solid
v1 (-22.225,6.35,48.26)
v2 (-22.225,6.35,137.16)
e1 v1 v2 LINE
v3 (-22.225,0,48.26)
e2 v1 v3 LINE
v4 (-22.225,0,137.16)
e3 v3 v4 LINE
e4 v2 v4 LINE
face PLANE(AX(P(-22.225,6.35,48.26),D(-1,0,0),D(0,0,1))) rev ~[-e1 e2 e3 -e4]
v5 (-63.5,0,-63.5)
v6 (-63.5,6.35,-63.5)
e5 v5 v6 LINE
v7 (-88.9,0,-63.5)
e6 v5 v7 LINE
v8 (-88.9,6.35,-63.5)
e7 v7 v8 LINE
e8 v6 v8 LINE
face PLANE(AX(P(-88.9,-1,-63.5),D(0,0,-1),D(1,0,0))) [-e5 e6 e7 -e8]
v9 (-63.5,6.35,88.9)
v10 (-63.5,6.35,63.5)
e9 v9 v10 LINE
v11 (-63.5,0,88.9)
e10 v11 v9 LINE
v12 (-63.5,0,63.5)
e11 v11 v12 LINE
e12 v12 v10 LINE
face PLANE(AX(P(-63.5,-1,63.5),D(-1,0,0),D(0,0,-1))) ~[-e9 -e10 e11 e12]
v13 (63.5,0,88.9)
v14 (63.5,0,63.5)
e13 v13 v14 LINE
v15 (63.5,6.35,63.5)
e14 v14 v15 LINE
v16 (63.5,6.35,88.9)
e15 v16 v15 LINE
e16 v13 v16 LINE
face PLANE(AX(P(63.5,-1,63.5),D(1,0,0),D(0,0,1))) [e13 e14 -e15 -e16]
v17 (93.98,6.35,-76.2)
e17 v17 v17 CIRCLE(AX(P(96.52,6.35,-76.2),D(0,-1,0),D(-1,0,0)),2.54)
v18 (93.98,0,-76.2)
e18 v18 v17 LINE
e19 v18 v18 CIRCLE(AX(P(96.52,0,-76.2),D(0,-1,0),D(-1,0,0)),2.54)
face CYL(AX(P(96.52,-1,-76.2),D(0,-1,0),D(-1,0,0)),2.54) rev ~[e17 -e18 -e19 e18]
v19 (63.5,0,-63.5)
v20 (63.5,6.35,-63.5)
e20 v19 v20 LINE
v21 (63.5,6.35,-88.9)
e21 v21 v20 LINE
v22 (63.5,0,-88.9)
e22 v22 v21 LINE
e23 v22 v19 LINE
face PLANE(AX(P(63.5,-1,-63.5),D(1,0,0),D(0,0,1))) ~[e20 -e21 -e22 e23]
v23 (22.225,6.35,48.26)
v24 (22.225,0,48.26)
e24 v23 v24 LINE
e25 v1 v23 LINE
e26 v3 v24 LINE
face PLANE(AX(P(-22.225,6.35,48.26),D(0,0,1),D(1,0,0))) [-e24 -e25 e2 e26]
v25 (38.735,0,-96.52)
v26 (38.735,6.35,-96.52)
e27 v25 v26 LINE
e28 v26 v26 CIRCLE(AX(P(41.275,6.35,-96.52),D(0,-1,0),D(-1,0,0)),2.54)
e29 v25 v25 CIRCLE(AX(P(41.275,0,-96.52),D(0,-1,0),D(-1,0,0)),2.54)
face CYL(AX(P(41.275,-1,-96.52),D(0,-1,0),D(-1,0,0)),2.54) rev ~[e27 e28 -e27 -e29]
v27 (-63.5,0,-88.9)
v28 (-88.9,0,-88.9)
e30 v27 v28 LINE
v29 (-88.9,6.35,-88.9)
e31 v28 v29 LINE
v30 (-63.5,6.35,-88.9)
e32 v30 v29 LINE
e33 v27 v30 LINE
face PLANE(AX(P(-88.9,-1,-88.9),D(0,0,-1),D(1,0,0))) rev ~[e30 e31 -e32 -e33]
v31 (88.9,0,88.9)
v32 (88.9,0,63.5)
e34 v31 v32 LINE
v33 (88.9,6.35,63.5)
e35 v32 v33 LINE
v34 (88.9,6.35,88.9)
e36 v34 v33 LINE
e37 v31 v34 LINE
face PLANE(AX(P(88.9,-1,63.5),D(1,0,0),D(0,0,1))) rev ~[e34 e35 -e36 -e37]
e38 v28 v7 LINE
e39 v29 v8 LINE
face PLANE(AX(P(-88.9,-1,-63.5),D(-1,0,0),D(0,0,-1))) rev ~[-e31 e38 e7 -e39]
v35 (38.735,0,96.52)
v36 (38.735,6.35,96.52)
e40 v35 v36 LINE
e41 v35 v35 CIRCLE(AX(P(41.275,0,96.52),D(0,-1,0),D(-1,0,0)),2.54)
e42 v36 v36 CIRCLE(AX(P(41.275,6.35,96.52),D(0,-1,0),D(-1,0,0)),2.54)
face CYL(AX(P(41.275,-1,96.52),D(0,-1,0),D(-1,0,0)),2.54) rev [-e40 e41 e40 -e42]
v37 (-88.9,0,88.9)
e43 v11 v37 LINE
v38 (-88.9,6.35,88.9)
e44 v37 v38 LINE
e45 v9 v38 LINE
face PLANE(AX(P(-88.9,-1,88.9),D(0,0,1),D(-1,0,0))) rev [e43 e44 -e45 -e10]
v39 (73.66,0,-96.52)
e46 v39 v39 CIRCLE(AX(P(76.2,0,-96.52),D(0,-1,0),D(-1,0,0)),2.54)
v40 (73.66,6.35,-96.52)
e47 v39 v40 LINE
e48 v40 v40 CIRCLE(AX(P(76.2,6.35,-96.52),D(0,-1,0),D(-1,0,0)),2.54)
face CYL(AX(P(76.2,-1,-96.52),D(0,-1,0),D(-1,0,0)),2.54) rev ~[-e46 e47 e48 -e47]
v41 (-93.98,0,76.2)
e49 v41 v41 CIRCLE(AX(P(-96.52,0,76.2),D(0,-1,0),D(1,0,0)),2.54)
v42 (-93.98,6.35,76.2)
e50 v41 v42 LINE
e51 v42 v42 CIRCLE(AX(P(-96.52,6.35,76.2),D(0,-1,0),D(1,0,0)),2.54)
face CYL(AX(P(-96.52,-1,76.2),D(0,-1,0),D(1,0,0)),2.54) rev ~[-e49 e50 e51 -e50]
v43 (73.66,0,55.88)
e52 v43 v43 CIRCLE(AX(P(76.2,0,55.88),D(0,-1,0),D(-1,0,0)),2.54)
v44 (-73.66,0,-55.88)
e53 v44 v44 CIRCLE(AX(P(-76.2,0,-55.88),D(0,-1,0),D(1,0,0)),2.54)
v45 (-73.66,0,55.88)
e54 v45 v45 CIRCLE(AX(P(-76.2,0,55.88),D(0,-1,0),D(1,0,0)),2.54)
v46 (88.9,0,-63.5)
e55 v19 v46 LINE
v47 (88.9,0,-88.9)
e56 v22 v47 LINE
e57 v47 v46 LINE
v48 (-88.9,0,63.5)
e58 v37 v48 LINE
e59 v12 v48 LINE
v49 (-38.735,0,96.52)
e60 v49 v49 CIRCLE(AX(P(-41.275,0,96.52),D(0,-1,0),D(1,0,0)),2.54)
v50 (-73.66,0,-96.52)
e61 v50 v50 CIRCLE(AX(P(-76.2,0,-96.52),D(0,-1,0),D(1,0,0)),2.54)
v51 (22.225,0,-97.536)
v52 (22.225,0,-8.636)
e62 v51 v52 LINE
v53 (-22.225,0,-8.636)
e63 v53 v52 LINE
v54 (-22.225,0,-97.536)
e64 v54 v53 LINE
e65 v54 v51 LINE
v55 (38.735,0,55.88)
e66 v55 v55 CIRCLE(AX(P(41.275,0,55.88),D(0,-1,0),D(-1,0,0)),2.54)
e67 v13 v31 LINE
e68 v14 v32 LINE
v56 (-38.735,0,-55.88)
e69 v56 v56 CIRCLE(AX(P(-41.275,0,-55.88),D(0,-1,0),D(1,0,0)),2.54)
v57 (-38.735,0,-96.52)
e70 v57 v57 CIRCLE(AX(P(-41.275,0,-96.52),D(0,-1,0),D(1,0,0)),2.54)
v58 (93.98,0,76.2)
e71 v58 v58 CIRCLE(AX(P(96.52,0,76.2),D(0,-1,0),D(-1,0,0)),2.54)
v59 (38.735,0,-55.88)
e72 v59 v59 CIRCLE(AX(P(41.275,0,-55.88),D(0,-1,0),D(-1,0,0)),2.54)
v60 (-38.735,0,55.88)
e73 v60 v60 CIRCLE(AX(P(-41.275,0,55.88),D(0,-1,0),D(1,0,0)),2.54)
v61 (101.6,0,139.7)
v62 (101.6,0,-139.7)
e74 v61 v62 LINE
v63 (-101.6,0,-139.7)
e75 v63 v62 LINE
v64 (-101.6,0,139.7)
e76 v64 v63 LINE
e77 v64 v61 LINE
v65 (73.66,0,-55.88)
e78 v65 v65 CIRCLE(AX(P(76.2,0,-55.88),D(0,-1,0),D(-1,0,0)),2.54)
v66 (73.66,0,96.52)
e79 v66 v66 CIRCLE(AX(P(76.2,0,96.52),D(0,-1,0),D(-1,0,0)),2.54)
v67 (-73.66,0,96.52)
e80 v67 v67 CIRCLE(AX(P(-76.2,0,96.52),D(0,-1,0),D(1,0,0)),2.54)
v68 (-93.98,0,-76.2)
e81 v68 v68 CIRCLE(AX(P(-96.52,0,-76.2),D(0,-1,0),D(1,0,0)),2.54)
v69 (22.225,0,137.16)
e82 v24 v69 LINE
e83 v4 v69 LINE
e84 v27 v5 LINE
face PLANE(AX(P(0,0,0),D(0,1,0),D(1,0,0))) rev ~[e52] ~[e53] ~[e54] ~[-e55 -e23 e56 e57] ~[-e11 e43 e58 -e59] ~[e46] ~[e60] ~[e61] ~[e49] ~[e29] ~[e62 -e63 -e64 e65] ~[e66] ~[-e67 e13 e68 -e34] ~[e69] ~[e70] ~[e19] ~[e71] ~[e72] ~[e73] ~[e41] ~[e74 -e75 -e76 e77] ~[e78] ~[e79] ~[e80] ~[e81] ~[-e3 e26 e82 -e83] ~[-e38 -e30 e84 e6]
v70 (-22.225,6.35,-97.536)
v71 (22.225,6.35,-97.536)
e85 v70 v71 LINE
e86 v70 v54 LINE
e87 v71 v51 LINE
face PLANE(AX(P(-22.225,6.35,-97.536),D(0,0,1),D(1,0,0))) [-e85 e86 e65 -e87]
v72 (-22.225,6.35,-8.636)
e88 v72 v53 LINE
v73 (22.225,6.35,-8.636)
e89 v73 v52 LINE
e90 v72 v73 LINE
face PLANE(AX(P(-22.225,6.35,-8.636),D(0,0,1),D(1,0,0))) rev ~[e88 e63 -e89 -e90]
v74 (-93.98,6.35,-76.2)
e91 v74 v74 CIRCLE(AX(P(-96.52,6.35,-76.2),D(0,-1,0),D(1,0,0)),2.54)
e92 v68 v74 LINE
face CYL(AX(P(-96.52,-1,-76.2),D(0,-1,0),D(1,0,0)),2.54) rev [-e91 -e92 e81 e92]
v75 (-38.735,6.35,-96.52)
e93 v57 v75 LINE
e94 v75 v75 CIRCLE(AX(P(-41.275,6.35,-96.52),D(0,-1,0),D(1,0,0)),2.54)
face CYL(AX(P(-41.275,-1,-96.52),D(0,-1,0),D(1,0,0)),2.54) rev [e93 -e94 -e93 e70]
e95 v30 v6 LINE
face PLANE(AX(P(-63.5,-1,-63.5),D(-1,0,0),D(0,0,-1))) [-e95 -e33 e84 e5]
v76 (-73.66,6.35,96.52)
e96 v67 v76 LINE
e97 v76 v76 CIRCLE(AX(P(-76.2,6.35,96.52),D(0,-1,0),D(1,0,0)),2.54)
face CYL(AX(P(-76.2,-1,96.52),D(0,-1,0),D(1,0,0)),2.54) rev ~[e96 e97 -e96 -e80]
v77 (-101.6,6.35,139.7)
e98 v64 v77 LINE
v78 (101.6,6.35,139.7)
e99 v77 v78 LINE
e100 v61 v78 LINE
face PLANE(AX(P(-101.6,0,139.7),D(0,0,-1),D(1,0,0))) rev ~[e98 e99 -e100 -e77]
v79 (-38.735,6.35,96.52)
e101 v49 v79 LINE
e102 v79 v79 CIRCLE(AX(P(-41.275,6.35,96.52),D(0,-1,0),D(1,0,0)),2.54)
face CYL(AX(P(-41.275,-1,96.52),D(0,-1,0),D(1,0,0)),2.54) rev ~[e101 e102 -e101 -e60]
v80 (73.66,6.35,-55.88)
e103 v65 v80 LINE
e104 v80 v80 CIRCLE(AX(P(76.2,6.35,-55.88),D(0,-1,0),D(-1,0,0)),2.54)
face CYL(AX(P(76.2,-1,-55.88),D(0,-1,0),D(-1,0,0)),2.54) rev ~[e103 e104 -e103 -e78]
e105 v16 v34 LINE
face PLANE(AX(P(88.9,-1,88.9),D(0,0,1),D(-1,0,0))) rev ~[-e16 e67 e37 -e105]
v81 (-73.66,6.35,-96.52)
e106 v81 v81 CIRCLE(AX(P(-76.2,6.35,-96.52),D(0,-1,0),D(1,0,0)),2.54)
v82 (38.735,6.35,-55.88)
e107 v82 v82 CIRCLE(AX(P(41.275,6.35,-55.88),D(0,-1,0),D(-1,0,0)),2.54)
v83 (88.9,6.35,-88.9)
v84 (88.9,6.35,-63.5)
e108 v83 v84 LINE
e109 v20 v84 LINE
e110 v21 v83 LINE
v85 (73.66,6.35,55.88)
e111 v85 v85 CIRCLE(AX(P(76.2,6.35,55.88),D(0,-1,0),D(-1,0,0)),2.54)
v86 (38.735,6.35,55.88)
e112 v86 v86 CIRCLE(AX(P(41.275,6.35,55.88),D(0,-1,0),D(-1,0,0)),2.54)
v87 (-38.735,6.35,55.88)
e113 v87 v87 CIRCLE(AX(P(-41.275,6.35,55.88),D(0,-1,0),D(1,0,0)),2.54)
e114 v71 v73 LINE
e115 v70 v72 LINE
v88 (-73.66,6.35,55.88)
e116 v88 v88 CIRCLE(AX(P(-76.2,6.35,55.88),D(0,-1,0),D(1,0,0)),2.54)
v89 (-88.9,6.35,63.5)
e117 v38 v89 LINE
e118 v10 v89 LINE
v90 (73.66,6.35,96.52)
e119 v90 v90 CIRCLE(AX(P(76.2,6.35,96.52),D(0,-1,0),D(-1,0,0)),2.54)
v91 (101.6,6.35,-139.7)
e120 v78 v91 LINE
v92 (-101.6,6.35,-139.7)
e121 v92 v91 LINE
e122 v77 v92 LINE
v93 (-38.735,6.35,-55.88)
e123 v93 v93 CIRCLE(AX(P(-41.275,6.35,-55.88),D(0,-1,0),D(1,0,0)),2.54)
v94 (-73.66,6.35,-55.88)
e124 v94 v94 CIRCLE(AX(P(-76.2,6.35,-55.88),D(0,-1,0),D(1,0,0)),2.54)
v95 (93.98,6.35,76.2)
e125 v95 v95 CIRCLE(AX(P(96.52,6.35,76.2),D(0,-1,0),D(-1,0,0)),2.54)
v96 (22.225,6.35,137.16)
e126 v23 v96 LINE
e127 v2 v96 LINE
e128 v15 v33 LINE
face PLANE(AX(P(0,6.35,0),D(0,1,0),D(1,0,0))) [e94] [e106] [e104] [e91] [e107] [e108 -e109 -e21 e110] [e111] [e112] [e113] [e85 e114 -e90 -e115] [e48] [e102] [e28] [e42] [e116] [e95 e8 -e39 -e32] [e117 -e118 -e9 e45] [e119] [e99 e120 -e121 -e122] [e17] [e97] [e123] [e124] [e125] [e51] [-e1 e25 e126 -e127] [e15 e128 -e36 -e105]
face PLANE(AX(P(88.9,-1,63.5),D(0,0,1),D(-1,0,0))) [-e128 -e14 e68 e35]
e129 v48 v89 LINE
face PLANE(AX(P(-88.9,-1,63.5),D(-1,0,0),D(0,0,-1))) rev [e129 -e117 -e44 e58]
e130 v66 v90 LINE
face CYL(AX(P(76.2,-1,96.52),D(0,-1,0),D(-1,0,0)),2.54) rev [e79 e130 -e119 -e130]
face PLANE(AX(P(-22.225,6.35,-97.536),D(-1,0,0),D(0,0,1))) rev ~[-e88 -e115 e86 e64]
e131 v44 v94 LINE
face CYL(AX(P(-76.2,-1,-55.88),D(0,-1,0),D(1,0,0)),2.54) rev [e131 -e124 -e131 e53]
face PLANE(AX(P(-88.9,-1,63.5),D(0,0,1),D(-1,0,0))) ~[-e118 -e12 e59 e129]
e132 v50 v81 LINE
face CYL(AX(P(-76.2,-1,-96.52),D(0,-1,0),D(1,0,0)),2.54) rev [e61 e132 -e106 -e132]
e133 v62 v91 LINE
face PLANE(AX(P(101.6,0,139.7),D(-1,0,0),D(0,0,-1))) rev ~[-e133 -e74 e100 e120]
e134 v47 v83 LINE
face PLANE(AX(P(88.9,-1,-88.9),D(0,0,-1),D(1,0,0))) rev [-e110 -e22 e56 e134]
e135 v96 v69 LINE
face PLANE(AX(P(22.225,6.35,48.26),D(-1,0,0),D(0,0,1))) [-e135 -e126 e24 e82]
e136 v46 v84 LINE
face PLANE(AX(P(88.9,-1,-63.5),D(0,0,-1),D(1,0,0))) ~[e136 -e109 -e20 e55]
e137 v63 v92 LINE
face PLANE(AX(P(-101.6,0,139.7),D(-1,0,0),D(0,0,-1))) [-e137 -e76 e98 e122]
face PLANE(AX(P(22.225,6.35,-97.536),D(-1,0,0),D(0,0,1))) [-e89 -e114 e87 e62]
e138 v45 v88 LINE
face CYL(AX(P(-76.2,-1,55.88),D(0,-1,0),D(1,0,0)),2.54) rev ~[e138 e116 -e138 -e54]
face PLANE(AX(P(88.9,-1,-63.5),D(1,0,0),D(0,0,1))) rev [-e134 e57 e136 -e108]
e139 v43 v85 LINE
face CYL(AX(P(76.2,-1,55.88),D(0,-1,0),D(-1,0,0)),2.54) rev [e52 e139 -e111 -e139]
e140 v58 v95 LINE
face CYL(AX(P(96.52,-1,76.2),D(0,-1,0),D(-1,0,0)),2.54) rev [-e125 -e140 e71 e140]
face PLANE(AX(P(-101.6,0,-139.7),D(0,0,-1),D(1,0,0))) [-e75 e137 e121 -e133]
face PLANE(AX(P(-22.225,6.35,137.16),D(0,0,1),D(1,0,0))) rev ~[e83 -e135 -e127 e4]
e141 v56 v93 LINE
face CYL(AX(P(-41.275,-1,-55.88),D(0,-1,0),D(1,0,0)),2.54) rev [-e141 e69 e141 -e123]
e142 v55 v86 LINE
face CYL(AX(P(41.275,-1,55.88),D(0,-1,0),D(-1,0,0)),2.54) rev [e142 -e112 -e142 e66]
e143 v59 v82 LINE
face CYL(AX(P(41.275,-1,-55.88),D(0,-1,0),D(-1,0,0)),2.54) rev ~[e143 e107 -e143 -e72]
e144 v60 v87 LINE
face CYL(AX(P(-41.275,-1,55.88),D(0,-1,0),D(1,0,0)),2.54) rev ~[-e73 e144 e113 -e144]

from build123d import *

# Parameters (mm, degrees)
SKETCH1_W               = 203.2
SKETCH1_H               = 279.4
BOSS_EXTRUDE1_DEPTH     = 6.35
CUT_EXTRUDE1_START      = -7.35
SKETCH2_R               = 2.54
SKETCH2_W               = 25.4
SKETCH2_H               = 25.4
CUT_EXTRUDE1_DEPTH      = 8.35
MIRROR2_START           = -7.35
MIRROR2_COPY_1_SKETCH_R = 2.54
MIRROR2_COPY_1_SKETCH_W = 25.4
MIRROR2_COPY_1_SKETCH_H = 25.4
MIRROR2_COPY_1_DEPTH    = 8.35
SKETCH3_W               = 88.9
SKETCH3_H               = 44.45
CUT_EXTRUDE2_DEPTH      = 1
CUT_EXTRUDE2_DEPTH_BACK = 7.35


with BuildPart() as part:
    # Sketch1 → Boss-Extrude1 (new body)
    with BuildSketch(Plane(origin=(0, 0, 0), x_dir=(1, 0, 0), z_dir=(0, 1, 0))):
        Rectangle(SKETCH1_W, SKETCH1_H)
    extrude(amount=BOSS_EXTRUDE1_DEPTH)

    # Sketch2 → Cut-Extrude1 (cut)
    with BuildSketch(Plane(origin=(0, 6.35, 0), x_dir=(1, 0, 0), z_dir=(0, 1, 0)).offset(CUT_EXTRUDE1_START)):
        with Locations((-41.275, 55.88)):
            Circle(SKETCH2_R)
        with Locations((-41.275, 96.52)):
            Circle(SKETCH2_R)
        with Locations((-76.2, 55.88)):
            Circle(SKETCH2_R)
        with Locations((-96.52, 76.2)):
            Circle(SKETCH2_R)
        with Locations((-76.2, 96.52)):
            Circle(SKETCH2_R)
        with Locations((-76.2, 76.2)):
            Rectangle(SKETCH2_W, SKETCH2_H)
    cut_extrude1 = extrude(amount=CUT_EXTRUDE1_DEPTH, mode=Mode.SUBTRACT)

    # Mirror1: Cut-Extrude1 across plane
    add(cut_extrude1.mirror(Plane.XY), mode=Mode.SUBTRACT)

    # Mirror2: Cut-Extrude1 across plane
    add(cut_extrude1.mirror(Plane(origin=(0, 0, 0), x_dir=(0, 0, 1), z_dir=(1, 0, 0))), mode=Mode.SUBTRACT)

    # Mirror2 copy 1 sketch → Mirror2 copy 1 (cut)
    with BuildSketch(Plane(origin=(0, 6.35, 0), x_dir=(-1, 0, 0), z_dir=(0, 1, 0)).offset(MIRROR2_START)):
        with Locations((-41.275, 55.88)):
            Circle(MIRROR2_COPY_1_SKETCH_R)
        with Locations((-41.275, 96.52)):
            Circle(MIRROR2_COPY_1_SKETCH_R)
        with Locations((-76.2, 55.88)):
            Circle(MIRROR2_COPY_1_SKETCH_R)
        with Locations((-96.52, 76.2)):
            Circle(MIRROR2_COPY_1_SKETCH_R)
        with Locations((-76.2, 96.52)):
            Circle(MIRROR2_COPY_1_SKETCH_R)
        with Locations((-76.2, 76.2)):
            Rectangle(MIRROR2_COPY_1_SKETCH_W, MIRROR2_COPY_1_SKETCH_H)
    extrude(amount=MIRROR2_COPY_1_DEPTH, mode=Mode.SUBTRACT)

    # Sketch3 → Cut-Extrude2 (cut, two sides)
    with BuildSketch(Plane(origin=(32.763599602, 6.35, -4.611240895), x_dir=(0, 0, 1), z_dir=(0, 1, 0))) as cut_extrude2_sk:
        with Locations((-48.474759105, -32.763599602)):
            Rectangle(SKETCH3_W, SKETCH3_H)
        with Locations((97.321240895, -32.763599602)):
            Rectangle(SKETCH3_W, SKETCH3_H)
    extrude(amount=CUT_EXTRUDE2_DEPTH, mode=Mode.SUBTRACT)
    extrude(cut_extrude2_sk.sketch, amount=-CUT_EXTRUDE2_DEPTH_BACK, mode=Mode.SUBTRACT)


solid = part.part
